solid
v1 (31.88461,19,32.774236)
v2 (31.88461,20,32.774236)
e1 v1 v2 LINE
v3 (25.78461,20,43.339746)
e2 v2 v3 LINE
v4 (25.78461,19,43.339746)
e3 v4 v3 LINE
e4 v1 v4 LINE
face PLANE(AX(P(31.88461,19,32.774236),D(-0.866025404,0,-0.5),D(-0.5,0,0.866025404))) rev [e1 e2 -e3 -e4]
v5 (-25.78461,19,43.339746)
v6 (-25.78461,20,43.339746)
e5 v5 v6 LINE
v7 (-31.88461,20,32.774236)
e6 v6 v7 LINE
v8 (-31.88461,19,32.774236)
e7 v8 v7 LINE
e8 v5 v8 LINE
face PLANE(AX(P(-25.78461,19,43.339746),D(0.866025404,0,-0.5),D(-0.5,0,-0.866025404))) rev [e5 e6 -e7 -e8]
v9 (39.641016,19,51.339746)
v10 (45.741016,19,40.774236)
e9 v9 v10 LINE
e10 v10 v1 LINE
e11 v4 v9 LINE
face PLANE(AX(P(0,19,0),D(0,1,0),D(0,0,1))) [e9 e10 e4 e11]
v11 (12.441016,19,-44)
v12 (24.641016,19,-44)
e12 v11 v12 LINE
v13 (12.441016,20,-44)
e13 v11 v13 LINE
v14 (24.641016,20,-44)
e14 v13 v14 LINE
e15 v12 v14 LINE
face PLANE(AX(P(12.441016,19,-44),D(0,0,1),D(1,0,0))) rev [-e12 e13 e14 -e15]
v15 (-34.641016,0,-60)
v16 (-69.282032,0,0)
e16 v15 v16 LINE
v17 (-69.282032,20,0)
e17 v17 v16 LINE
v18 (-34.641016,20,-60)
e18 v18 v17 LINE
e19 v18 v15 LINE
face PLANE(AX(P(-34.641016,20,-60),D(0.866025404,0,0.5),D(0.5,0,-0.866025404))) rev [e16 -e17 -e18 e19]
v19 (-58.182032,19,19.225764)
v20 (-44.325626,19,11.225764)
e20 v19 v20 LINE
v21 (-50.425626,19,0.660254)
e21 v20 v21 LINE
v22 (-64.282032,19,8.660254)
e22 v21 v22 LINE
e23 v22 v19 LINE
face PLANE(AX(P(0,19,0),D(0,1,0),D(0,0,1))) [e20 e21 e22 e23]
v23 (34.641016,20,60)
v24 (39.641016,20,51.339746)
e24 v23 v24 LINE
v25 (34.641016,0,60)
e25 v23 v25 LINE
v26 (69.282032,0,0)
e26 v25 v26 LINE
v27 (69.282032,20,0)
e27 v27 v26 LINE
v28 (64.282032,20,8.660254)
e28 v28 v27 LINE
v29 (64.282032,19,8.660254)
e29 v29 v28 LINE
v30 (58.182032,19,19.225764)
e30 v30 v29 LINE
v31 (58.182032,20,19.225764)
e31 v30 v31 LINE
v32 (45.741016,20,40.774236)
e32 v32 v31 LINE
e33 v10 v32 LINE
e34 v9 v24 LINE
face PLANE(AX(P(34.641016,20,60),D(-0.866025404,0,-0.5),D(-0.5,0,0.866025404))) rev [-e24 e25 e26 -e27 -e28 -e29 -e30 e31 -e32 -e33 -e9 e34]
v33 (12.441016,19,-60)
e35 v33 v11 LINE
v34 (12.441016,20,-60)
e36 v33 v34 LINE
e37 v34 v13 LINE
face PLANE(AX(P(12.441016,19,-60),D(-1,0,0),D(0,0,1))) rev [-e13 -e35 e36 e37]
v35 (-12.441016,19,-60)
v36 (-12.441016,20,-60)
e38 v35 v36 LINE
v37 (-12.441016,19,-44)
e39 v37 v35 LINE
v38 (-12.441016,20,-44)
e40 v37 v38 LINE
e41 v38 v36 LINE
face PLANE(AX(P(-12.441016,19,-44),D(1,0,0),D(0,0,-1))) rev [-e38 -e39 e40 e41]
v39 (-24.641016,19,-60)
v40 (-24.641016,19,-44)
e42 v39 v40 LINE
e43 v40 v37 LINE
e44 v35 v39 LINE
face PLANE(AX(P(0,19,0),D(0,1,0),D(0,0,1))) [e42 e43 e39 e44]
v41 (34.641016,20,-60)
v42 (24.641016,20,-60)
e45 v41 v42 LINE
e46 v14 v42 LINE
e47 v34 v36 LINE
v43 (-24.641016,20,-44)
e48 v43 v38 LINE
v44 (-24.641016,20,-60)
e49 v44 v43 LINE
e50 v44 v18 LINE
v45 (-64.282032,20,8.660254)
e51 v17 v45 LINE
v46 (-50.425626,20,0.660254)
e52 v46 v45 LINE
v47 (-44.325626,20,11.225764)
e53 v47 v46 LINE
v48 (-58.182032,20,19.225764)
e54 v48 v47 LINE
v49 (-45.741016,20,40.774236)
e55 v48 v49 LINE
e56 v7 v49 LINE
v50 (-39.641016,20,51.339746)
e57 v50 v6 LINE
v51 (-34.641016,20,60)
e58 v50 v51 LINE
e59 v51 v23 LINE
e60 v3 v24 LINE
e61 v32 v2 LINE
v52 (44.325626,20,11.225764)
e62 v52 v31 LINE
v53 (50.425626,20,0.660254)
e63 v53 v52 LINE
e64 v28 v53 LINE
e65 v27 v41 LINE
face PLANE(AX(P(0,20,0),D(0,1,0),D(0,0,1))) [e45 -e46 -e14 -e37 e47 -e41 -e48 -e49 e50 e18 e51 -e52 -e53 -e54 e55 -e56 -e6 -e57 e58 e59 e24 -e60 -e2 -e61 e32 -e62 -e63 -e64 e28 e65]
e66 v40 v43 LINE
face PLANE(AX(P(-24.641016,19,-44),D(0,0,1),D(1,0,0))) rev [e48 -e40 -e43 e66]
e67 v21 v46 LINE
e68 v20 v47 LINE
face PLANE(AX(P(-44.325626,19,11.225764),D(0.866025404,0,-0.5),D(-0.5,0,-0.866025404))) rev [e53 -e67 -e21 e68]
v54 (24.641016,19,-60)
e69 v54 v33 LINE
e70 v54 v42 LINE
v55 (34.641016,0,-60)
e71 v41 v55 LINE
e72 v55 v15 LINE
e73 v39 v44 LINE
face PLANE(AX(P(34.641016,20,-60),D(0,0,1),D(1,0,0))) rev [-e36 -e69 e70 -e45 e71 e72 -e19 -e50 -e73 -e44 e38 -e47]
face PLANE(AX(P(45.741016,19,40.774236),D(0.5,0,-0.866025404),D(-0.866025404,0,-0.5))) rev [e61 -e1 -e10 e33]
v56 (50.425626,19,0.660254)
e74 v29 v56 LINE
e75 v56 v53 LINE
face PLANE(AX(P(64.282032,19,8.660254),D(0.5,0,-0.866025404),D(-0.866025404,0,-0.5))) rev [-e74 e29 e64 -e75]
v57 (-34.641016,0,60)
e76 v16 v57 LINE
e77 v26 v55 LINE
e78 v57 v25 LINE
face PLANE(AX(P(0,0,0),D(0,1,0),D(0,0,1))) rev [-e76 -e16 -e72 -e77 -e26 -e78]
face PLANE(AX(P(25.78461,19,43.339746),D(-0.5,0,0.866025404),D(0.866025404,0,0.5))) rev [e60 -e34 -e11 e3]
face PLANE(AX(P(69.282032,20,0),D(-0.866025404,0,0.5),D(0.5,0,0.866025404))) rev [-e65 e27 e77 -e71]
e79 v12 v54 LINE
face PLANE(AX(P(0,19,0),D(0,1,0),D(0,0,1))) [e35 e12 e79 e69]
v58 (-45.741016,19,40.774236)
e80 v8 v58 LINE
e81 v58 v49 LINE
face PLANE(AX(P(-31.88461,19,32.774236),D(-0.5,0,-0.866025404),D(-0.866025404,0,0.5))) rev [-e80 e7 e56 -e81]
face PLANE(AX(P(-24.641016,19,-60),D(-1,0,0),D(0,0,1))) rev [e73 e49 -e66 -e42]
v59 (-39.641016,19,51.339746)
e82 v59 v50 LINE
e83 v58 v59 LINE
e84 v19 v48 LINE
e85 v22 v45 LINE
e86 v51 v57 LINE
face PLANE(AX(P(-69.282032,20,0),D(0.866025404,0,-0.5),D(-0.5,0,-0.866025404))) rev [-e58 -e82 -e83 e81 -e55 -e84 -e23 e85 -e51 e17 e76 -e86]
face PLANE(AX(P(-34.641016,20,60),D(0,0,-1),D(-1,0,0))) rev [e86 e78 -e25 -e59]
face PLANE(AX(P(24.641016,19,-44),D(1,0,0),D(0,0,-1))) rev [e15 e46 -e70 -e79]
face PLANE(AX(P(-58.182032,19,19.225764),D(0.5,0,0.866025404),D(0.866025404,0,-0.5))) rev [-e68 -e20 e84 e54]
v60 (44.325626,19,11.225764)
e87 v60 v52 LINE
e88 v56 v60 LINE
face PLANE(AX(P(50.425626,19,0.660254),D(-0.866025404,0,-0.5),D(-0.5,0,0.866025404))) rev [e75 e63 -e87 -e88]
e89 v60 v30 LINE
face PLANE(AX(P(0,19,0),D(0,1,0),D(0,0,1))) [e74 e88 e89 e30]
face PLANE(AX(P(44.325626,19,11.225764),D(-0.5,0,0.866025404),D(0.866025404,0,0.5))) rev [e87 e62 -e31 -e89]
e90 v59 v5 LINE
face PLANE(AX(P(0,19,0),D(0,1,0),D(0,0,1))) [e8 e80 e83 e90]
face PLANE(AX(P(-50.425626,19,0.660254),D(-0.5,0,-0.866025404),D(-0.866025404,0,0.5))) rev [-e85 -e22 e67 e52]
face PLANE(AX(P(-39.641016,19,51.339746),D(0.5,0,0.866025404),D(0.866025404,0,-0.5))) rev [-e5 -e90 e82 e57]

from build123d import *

# Parameters (mm, degrees)
BOSS_EXTRUDE1_DEPTH = 20
SKETCH2_W           = 12.2
SKETCH2_H           = 16
CUT_EXTRUDE1_DEPTH  = 1


with BuildPart() as part:
    # Sketch1 → Boss-Extrude1 (new body)
    with BuildSketch(Plane(origin=(0, 0, 0), x_dir=(1, 0, 0), z_dir=(0, 1, 0))):
        Polygon((69.282032303, 0), (34.641016151, 60), (-34.641016151, 60), (-69.282032303, 0), (-34.641016151, -60), (34.641016151, -60), align=None)
    extrude(amount=BOSS_EXTRUDE1_DEPTH)

    # Sketch2 → Cut-Extrude1 (cut)
    with BuildSketch(Plane(origin=(0, 20, 0), x_dir=(1, 0, 0), z_dir=(0, 1, 0))):
        with Locations((-18.541016151, 52)):
            Rectangle(SKETCH2_W, SKETCH2_H)
        with Locations((18.541016151, 52)):
            Rectangle(SKETCH2_W, SKETCH2_H)
        Polygon((64.282032303, -8.660254038), (50.425625842, -0.660254038), (44.325625842, -11.225763964), (58.182032303, -19.225763964), align=None)
        Polygon((45.741016151, -40.774236036), (31.884609691, -32.774236036), (25.784609691, -43.339745962), (39.641016151, -51.339745962), align=None)
        Polygon((-39.641016151, -51.339745962), (-25.784609691, -43.339745962), (-31.884609691, -32.774236036), (-45.741016151, -40.774236036), align=None)
        Polygon((-58.182032303, -19.225763964), (-44.325625842, -11.225763964), (-50.425625842, -0.660254038), (-64.282032303, -8.660254038), align=None)
    extrude(amount=-CUT_EXTRUDE1_DEPTH, mode=Mode.SUBTRACT)


solid = part.part
